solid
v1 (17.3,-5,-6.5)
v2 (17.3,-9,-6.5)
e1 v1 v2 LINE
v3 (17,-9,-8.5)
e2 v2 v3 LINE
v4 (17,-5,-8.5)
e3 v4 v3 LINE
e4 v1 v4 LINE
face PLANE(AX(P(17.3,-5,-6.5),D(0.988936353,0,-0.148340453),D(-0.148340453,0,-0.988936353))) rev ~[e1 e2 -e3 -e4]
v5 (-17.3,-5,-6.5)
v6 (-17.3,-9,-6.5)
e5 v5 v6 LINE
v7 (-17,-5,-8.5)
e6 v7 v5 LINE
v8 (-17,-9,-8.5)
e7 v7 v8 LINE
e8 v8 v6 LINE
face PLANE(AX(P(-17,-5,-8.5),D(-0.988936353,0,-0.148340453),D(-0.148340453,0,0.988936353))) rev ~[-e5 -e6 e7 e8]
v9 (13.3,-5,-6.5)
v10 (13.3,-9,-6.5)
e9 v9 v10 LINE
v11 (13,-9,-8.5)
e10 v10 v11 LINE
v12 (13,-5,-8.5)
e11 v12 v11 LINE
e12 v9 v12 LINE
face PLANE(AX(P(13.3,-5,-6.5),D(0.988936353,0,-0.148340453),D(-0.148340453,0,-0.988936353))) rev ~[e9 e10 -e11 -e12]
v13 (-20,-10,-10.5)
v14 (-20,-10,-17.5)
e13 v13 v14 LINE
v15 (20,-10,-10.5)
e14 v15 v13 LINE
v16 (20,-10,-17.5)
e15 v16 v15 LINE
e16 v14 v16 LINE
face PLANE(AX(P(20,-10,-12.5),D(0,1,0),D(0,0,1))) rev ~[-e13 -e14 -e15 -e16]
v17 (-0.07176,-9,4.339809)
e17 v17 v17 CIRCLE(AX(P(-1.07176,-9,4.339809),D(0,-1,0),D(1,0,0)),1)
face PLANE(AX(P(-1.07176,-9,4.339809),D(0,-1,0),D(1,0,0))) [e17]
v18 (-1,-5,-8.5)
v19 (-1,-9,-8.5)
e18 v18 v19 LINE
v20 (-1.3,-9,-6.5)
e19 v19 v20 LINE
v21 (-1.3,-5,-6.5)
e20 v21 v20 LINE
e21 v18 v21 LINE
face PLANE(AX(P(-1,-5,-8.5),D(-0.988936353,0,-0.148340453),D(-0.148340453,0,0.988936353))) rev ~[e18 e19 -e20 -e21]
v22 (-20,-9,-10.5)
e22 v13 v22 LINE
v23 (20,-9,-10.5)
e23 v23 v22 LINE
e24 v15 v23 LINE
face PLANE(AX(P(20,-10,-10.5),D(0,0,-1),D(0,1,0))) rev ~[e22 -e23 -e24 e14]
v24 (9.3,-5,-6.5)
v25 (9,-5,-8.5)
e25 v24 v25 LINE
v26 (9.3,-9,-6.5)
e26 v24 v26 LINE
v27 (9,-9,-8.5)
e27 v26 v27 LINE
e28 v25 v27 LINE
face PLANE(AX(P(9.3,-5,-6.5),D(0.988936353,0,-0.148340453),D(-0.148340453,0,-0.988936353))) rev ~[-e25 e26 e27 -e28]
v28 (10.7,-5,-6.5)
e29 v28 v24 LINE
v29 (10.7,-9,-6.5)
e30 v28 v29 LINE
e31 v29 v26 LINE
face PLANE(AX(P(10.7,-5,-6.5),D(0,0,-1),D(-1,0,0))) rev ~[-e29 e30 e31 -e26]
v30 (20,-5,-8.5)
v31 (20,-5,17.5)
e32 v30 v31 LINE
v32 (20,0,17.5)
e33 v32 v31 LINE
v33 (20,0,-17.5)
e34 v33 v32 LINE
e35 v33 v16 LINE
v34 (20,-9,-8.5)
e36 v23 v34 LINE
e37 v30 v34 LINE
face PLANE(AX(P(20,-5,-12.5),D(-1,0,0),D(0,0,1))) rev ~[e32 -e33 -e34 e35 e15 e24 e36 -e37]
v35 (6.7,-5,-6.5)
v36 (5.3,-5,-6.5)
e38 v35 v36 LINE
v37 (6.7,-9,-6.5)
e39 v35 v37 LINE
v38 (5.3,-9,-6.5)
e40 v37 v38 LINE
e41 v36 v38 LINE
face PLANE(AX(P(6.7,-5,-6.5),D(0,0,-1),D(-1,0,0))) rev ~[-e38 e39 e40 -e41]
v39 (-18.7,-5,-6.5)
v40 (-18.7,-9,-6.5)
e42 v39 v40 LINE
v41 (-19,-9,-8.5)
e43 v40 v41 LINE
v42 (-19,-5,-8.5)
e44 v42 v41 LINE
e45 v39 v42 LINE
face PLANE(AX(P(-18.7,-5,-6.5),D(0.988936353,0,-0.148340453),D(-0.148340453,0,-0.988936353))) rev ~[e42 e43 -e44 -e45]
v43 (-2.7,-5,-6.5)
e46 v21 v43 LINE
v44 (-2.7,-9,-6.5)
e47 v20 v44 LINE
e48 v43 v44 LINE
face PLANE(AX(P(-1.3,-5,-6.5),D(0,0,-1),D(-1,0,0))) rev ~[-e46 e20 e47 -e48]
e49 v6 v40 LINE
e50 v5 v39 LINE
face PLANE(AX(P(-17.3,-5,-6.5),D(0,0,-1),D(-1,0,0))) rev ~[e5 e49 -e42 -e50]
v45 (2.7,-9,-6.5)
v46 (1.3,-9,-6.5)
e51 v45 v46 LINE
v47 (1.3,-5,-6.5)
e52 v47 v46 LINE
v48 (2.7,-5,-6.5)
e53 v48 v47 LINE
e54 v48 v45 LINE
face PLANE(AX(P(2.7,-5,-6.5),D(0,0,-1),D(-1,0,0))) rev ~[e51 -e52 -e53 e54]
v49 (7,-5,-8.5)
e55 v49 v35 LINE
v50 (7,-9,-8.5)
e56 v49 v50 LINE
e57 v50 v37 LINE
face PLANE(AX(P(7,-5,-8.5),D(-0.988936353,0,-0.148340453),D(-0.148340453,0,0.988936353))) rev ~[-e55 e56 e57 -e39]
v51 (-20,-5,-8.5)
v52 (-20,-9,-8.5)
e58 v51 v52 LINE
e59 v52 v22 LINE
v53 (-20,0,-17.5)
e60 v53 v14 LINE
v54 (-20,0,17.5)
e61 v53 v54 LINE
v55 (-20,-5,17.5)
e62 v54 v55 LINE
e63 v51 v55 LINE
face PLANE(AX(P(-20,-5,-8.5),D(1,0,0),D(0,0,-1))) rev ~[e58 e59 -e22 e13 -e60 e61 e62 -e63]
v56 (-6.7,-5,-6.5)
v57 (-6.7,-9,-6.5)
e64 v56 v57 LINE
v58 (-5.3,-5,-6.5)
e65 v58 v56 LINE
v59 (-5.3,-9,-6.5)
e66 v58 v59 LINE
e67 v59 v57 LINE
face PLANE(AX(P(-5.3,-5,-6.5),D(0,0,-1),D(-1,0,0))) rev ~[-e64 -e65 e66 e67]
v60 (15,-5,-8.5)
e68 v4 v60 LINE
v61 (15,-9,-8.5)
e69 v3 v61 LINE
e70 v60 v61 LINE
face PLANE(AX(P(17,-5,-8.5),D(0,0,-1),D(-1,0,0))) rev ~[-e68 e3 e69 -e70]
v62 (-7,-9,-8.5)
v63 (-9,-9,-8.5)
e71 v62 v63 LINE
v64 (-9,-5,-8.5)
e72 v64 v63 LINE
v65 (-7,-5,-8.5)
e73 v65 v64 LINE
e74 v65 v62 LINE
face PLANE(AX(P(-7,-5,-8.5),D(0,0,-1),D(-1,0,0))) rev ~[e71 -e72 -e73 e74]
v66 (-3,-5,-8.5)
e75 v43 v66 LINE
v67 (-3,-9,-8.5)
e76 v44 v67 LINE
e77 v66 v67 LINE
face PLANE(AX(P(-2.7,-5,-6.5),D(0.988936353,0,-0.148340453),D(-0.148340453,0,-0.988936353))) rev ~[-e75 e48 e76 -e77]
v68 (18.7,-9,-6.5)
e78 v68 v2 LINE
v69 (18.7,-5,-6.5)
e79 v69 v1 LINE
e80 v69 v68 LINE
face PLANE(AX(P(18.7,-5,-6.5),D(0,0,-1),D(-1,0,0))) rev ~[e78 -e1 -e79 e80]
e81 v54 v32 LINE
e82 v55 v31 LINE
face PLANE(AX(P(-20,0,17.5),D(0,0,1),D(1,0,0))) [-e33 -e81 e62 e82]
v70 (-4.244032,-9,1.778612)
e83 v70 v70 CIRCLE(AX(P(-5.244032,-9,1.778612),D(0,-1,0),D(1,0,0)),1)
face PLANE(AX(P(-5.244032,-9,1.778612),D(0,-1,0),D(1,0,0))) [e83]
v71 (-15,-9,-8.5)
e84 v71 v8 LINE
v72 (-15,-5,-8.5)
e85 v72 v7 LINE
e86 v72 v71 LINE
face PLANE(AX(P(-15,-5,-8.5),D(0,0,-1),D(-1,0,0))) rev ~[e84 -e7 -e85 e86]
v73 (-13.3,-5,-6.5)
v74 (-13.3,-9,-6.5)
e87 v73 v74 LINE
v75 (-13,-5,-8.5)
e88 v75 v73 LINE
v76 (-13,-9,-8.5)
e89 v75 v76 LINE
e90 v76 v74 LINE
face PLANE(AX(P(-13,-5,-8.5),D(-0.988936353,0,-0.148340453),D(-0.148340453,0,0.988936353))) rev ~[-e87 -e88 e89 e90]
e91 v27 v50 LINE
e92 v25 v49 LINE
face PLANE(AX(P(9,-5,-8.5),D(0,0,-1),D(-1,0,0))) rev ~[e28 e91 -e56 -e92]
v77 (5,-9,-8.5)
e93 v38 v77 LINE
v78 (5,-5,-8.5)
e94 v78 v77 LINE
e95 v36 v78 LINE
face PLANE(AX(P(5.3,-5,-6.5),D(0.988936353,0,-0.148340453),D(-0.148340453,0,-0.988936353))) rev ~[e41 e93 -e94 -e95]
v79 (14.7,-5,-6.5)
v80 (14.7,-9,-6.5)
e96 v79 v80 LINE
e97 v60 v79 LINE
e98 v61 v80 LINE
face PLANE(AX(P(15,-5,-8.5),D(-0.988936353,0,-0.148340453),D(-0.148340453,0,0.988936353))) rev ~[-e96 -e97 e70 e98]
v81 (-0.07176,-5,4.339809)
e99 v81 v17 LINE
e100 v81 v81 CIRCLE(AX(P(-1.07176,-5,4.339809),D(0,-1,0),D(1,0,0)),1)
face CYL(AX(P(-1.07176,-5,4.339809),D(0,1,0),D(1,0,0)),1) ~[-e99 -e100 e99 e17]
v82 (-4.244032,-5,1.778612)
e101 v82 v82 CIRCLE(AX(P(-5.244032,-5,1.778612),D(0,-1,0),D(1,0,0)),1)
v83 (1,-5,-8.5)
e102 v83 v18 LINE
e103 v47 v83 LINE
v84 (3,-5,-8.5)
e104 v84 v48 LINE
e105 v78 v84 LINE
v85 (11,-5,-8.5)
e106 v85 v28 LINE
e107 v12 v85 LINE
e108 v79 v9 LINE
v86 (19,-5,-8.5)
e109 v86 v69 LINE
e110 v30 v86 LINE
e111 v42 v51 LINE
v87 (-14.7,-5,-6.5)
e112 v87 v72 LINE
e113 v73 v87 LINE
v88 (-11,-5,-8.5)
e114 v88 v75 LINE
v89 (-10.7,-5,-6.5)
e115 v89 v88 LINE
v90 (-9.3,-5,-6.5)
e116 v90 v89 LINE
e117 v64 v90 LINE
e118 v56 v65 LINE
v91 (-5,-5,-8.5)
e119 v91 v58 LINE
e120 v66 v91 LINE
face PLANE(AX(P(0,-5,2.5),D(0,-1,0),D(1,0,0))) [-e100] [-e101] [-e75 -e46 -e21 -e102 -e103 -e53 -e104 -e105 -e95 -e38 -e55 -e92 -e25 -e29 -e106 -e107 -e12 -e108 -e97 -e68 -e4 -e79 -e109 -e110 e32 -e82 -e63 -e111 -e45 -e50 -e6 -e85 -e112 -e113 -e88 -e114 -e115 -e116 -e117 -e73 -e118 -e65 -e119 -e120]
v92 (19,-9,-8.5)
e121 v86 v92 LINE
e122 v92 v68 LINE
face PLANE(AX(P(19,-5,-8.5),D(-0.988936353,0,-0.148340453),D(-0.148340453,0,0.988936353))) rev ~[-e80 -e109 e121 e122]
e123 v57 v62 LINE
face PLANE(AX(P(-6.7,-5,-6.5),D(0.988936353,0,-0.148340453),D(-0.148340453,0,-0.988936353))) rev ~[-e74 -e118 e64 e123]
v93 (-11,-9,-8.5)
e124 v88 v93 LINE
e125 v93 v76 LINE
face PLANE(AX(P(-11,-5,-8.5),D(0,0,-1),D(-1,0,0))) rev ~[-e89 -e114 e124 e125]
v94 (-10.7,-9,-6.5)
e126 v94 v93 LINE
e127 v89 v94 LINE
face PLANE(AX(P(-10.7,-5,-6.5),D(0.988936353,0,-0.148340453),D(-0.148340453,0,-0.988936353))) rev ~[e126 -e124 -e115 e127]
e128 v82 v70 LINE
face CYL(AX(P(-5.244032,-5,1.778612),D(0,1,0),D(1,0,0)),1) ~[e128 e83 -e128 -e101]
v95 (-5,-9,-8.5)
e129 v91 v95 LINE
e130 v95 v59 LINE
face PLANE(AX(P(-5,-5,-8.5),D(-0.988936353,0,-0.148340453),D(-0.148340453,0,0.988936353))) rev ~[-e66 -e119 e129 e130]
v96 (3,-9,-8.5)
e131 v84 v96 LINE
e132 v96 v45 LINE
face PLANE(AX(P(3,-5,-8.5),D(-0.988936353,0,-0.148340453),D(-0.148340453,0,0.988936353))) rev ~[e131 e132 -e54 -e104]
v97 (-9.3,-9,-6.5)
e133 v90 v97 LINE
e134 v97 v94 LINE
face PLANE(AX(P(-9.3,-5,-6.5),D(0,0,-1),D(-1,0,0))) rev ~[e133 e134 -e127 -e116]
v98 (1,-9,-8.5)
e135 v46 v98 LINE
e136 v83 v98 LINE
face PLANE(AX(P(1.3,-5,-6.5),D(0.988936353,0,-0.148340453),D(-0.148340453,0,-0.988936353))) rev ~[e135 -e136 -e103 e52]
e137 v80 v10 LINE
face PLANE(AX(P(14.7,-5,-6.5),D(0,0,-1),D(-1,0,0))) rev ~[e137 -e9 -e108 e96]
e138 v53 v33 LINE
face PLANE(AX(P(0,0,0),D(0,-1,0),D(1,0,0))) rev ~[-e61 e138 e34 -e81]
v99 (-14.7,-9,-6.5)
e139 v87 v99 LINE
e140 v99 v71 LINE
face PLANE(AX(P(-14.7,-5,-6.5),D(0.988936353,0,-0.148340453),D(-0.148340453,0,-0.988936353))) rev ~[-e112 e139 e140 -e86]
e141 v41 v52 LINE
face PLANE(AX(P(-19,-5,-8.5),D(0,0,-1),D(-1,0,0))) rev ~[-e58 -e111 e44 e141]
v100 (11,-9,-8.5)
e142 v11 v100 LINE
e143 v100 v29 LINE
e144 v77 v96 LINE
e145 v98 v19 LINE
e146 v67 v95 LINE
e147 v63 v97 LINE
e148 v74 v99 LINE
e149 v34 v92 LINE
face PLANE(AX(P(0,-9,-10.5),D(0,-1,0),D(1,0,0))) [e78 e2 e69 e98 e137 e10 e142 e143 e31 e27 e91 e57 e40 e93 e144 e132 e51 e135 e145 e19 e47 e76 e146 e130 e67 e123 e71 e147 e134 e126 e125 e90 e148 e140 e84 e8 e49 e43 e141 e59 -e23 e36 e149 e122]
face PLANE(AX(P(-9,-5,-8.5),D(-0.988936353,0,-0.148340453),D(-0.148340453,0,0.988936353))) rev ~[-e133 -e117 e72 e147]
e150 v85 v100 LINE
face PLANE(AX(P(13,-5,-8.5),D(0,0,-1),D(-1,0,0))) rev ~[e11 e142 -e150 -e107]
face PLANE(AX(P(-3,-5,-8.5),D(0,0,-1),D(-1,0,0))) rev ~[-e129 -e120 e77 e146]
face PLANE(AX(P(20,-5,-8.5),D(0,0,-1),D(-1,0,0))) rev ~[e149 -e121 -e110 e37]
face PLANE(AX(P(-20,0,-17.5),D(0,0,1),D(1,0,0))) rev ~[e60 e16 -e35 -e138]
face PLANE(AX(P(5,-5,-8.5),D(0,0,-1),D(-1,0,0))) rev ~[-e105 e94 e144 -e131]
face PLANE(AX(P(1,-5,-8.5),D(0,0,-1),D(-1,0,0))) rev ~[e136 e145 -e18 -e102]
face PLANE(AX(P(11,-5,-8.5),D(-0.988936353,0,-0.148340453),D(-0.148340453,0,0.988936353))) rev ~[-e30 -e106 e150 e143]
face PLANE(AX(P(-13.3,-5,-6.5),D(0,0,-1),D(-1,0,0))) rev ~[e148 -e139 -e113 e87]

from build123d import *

# Parameters (mm, degrees)
F0_W     = 40
F0_H     = 35
F1_DEPTH = 10
F2_W     = 40
F2_H     = 30
F3_DEPTH = 5
F4_W     = 1
F4_H     = 2
F5_DEPTH = 40
F6_R     = 1
F7_DEPTH = 4
F9_DEPTH = 4


with BuildPart() as f1:
    # F0 (on Front) → F1 (new body)
    with BuildSketch(Plane.XZ):
        Rectangle(F0_W, F0_H)
    extrude(amount=F1_DEPTH)

    # F2 (on face) → F3 (cut)
    with BuildSketch(Plane.XZ.offset(10)):
        with Locations((0, 2.5)):
            Rectangle(F2_W, F2_H)
    extrude(amount=-F3_DEPTH, mode=Mode.SUBTRACT)

    # F4 (on face) → F5 (join, through all)
    with BuildSketch(Plane.YZ.offset(20)):
        with Locations((-9.5, -11.5)):
            Rectangle(F4_W, F4_H)
    extrude(amount=-F5_DEPTH)

    # F6 (on face) → F7 (join)
    with BuildSketch(Plane.XZ.offset(5)):
        with Locations((-1.07176, 4.339809)):
            Circle(F6_R)
        with Locations((-5.244032, 1.778612)):
            Circle(F6_R)
    extrude(amount=F7_DEPTH)

    # F8 (on face) → F9 (join)
    with BuildSketch(Plane.XZ.offset(5)):
        Polygon((-20, -12.5), (20, -12.5), (20, -8.5), (19, -8.5), (17, -8.5), (15, -8.5), (13, -8.5), (11, -8.5), (9, -8.5), (7, -8.5), (5, -8.5), (3, -8.5), (1, -8.5), (-1, -8.5), (-3, -8.5), (-5, -8.5), (-7, -8.5), (-9, -8.5), (-11, -8.5), (-13, -8.5), (-15, -8.5), (-17, -8.5), (-19, -8.5), (-20, -8.5), align=None)
        Polygon((17, -8.5), (19, -8.5), (18.7, -6.5), (18, -6.5), (17.3, -6.5), align=None)
        Polygon((-18.7, -6.5), (-19, -8.5), (-17, -8.5), (-17.3, -6.5), (-18, -6.5), align=None)
        Polygon((13, -8.5), (15, -8.5), (14.7, -6.5), (14, -6.5), (13.3, -6.5), align=None)
        Polygon((-14.7, -6.5), (-15, -8.5), (-13, -8.5), (-13.3, -6.5), (-14, -6.5), align=None)
        Polygon((9, -8.5), (11, -8.5), (10.7, -6.5), (10, -6.5), (9.3, -6.5), align=None)
        Polygon((-10.7, -6.5), (-11, -8.5), (-9, -8.5), (-9.3, -6.5), (-10, -6.5), align=None)
        Polygon((5, -8.5), (7, -8.5), (6.7, -6.5), (6, -6.5), (5.3, -6.5), align=None)
        Polygon((-6.7, -6.5), (-7, -8.5), (-5, -8.5), (-5.3, -6.5), (-6, -6.5), align=None)
        Polygon((1, -8.5), (3, -8.5), (2.7, -6.5), (2, -6.5), (1.3, -6.5), align=None)
        Polygon((-2.7, -6.5), (-3, -8.5), (-1, -8.5), (-1.3, -6.5), (-2, -6.5), align=None)
    extrude(amount=F9_DEPTH)


solid = f1.part
